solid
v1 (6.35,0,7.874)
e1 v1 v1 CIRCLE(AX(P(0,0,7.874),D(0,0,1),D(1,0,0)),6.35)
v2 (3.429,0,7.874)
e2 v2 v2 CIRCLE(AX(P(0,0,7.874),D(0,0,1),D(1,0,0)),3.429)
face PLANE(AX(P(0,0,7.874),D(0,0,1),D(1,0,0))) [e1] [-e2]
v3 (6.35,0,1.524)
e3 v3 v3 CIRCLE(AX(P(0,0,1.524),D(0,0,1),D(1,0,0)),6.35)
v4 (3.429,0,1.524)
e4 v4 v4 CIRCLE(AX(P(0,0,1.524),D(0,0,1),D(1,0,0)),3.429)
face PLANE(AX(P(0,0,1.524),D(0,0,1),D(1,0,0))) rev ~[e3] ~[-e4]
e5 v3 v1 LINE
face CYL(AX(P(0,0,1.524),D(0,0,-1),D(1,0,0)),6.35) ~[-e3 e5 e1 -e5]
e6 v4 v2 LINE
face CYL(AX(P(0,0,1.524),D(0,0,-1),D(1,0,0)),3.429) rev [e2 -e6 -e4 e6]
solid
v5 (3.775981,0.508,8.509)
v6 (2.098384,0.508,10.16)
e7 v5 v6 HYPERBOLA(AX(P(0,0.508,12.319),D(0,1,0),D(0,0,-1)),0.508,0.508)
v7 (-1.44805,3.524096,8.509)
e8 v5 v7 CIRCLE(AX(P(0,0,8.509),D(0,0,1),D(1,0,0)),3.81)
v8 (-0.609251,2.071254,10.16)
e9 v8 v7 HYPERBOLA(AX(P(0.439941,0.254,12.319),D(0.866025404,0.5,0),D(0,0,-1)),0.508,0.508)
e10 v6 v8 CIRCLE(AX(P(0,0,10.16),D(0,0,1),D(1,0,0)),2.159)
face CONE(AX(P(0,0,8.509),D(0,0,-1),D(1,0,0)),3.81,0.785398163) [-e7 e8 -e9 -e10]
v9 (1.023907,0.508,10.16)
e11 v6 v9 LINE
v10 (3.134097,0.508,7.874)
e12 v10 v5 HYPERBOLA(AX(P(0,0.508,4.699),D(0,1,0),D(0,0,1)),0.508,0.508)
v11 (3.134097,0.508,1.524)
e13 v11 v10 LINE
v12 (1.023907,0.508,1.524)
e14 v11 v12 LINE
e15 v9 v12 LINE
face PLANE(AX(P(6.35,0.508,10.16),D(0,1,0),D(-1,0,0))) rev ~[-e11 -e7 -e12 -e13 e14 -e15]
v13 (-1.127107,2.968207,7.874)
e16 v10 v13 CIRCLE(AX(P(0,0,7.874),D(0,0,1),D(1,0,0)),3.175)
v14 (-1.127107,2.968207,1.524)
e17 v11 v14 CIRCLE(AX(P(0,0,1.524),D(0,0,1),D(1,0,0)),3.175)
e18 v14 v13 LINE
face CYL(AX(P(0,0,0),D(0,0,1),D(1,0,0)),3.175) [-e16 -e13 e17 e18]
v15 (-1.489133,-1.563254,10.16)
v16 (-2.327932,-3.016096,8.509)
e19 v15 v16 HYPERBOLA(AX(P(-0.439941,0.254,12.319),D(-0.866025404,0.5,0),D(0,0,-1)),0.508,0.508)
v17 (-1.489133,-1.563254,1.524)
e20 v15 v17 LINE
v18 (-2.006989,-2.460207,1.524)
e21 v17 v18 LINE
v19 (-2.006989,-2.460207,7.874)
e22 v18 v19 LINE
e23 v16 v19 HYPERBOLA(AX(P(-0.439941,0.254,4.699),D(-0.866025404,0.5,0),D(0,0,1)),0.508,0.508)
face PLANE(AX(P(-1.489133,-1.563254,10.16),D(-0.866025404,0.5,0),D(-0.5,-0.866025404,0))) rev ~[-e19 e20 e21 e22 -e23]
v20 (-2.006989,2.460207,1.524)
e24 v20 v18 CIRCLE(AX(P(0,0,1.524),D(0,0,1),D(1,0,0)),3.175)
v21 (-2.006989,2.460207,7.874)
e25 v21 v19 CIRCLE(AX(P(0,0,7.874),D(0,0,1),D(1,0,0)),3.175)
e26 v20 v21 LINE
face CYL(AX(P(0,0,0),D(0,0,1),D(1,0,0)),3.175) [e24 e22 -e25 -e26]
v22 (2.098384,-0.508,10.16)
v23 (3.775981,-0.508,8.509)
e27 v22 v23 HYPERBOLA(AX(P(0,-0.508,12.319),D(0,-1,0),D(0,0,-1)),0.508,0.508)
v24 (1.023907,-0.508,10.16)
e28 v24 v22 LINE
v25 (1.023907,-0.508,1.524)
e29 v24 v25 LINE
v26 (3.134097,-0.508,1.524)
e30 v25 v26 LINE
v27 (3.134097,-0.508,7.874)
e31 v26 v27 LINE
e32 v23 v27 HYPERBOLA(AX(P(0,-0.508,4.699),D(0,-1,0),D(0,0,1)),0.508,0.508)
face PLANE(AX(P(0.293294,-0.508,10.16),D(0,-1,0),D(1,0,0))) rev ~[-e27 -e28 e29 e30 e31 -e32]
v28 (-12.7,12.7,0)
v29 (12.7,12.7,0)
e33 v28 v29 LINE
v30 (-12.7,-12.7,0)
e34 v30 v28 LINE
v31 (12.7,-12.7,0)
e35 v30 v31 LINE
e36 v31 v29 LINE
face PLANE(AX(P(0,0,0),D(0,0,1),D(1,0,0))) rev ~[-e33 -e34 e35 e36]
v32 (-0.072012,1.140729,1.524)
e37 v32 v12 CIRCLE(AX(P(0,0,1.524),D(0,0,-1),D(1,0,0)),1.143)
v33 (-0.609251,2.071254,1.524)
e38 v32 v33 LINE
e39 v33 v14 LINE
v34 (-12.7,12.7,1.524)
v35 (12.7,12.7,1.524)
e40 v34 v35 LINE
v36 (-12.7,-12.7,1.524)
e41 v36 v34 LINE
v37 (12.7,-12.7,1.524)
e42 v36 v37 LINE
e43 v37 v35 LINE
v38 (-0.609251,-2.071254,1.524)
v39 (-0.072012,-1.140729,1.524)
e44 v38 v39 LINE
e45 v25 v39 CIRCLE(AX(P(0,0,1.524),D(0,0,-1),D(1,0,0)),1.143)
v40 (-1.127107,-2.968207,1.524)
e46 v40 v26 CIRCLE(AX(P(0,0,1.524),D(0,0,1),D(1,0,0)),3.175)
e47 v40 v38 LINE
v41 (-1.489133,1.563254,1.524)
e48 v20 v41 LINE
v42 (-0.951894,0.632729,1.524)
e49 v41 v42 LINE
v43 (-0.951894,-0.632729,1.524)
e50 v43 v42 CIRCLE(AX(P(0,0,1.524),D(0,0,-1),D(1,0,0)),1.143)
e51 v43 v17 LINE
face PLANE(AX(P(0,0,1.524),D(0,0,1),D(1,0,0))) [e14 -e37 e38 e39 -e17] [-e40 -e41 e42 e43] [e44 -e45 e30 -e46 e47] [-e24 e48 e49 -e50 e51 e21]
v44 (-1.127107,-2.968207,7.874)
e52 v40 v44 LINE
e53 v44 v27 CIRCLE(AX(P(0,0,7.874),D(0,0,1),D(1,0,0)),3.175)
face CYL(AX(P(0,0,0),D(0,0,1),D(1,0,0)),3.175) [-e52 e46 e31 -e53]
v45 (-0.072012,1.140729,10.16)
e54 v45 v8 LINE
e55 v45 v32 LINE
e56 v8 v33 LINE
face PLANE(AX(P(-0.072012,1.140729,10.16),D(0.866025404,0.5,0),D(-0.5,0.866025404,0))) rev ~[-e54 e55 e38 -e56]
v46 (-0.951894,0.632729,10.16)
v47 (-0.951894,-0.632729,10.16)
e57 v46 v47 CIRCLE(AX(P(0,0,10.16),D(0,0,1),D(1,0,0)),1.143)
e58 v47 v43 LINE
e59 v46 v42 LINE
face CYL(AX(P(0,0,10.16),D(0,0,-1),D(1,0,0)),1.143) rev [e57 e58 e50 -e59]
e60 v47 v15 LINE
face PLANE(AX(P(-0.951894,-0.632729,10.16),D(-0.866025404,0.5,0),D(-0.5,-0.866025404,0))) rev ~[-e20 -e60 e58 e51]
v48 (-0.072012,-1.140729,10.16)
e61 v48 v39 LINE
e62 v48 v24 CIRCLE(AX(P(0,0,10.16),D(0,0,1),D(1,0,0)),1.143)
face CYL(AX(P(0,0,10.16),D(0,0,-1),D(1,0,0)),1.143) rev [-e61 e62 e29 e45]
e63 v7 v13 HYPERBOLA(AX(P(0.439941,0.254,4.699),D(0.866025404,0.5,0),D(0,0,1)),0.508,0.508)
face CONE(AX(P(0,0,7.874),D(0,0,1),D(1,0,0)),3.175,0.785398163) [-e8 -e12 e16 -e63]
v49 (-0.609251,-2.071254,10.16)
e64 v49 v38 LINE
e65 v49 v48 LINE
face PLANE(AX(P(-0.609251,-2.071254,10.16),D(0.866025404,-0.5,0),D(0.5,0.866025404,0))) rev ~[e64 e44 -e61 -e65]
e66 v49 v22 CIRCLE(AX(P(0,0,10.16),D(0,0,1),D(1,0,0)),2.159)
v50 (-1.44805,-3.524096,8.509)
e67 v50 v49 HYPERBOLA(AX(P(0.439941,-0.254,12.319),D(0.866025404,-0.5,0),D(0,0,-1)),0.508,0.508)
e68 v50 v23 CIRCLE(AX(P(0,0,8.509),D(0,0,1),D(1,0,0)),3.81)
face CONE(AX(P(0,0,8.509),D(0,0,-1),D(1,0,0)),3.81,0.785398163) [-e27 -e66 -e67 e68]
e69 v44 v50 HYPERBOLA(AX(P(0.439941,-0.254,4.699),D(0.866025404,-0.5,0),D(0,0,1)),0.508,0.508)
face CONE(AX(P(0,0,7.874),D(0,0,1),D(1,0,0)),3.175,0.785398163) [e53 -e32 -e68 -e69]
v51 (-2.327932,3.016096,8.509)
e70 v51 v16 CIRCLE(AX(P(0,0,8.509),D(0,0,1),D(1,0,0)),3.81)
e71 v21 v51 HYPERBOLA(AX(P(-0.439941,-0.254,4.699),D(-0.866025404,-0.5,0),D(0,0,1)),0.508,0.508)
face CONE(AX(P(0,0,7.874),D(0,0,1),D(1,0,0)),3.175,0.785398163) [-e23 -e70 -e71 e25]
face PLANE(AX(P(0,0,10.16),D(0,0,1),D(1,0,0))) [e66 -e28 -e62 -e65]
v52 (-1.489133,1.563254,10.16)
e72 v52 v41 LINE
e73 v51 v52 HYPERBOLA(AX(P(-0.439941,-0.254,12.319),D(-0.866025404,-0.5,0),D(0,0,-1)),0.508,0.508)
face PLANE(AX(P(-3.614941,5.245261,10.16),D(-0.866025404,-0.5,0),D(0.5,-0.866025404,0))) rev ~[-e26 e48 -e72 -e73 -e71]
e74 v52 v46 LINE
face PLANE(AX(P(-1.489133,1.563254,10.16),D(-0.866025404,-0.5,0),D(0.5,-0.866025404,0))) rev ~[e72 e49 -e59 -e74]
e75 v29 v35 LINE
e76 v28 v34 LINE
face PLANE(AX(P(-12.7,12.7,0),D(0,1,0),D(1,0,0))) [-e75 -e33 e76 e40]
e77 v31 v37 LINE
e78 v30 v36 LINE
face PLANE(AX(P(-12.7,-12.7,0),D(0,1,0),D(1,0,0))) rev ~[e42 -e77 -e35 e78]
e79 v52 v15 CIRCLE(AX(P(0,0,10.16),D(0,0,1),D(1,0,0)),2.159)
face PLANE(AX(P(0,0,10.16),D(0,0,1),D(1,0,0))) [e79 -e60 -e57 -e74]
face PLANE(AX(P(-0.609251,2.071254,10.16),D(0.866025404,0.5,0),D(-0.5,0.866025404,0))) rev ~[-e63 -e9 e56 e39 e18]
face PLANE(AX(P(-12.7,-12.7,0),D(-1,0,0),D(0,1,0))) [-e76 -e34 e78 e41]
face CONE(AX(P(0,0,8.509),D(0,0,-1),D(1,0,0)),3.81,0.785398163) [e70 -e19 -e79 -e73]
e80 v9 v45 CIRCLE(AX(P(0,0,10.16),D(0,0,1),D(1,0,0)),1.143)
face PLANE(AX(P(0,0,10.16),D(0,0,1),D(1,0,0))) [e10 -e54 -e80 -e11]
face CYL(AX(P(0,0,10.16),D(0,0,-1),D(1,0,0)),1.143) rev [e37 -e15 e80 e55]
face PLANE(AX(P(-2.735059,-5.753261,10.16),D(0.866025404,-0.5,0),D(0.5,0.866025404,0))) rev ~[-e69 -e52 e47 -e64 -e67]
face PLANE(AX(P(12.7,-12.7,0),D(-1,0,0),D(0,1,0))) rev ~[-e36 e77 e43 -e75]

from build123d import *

# Parameters (mm, degrees)
F0_W     = 25.4
F0_H     = 25.4
F1_DEPTH = 1.524
F5_DEPTH = 8.636
F6_R     = 6.35
F6_R_2   = 3.429
F7_DEPTH = 6.35


with BuildPart() as f1:
    # F0 (on Top) → F1 (new body)
    with BuildSketch(Plane.XY):
        Rectangle(F0_W, F0_H)
    extrude(amount=F1_DEPTH)

    # F2 (on Front) → F3 (revolve)
    with BuildSketch(Plane.XZ):
        Polygon((1.143, 10.16), (1.143, 0), (3.175, 0), (3.175, 7.874), (3.81, 8.509), (2.159, 10.16), align=None)
    revolve(axis=Axis((0, 0, 7.7160834335), (0, 0, 1)))

    # F4 (on face) → F5 (cut, through all)
    with BuildSketch(Plane.XY.offset(10.16)):
        with BuildLine():
            ThreePointArc((2.159, 0), (2.1437925358, -0.2558018049), (2.0983843785, -0.508))
            Line((2.0983843785, -0.508), (6.35, -0.508))
            Line((6.35, -0.508), (6.35, 0.508))
            Line((6.35, 0.508), (2.0983843785, 0.508))
            ThreePointArc((2.0983843785, 0.508), (2.1437925358, 0.2558018049), (2.159, 0))
        make_face()
        with BuildLine():
            ThreePointArc((1.143, 0), (1.1128284677, -0.2608865683), (1.023906734, -0.508))
            Line((1.023906734, -0.508), (2.0983843785, -0.508))
            ThreePointArc((2.0983843785, -0.508), (2.1437925358, -0.2558018049), (2.159, 0))
            ThreePointArc((2.159, 0), (2.1437925358, 0.2558018049), (2.0983843785, 0.508))
            Line((2.0983843785, 0.508), (1.023906734, 0.508))
            ThreePointArc((1.023906734, 0.508), (1.1128284677, 0.2608865683), (1.143, 0))
        make_face()
        with BuildLine():
            Line((-0.0720124619, -1.1407292428), (0.2932939367, -0.508))
            Line((0.2932939367, -0.508), (1.023906734, -0.508))
            ThreePointArc((1.023906734, -0.508), (1.1128284677, -0.2608865683), (1.143, 0))
            ThreePointArc((1.143, 0), (1.1128284677, 0.2608865683), (1.023906734, 0.508))
            Line((1.023906734, 0.508), (0.2932939367, 0.508))
            Line((0.2932939367, 0.508), (-0.0720124619, 1.1407292428))
            ThreePointArc((-0.0720124619, 1.1407292428), (-0.5715, 0.9898670365), (-0.9518942721, 0.6327292428))
            Line((-0.9518942721, 0.6327292428), (-0.5865878735, 0))
            Line((-0.5865878735, 0), (-0.9518942721, -0.6327292428))
            ThreePointArc((-0.9518942721, -0.6327292428), (-0.5715, -0.9898670365), (-0.0720124619, -1.1407292428))
        make_face()
        with BuildLine():
            Line((-0.6092512841, -2.0712541787), (-0.0720124619, -1.1407292428))
            ThreePointArc((-0.0720124619, -1.1407292428), (-0.5715, -0.9898670365), (-0.9518942721, -0.6327292428))
            Line((-0.9518942721, -0.6327292428), (-1.4891330944, -1.5632541787))
            ThreePointArc((-1.4891330944, -1.5632541787), (-1.0795, -1.8697488468), (-0.6092512841, -2.0712541787))
        make_face()
        with BuildLine():
            Line((-2.7350590949, -5.753261314), (-0.6092512841, -2.0712541787))
            ThreePointArc((-0.6092512841, -2.0712541787), (-1.0795, -1.8697488468), (-1.4891330944, -1.5632541787))
            Line((-1.4891330944, -1.5632541787), (-3.6149409051, -5.245261314))
            Line((-3.6149409051, -5.245261314), (-2.7350590949, -5.753261314))
        make_face()
        with BuildLine():
            Line((-3.6149409051, 5.245261314), (-1.4891330944, 1.5632541787))
            ThreePointArc((-1.4891330944, 1.5632541787), (-1.0795, 1.8697488468), (-0.6092512841, 2.0712541787))
            Line((-0.6092512841, 2.0712541787), (-2.7350590949, 5.753261314))
            Line((-2.7350590949, 5.753261314), (-3.6149409051, 5.245261314))
        make_face()
        with BuildLine():
            Line((-1.4891330944, 1.5632541787), (-0.9518942721, 0.6327292428))
            ThreePointArc((-0.9518942721, 0.6327292428), (-0.5715, 0.9898670365), (-0.0720124619, 1.1407292428))
            Line((-0.0720124619, 1.1407292428), (-0.6092512841, 2.0712541787))
            ThreePointArc((-0.6092512841, 2.0712541787), (-1.0795, 1.8697488468), (-1.4891330944, 1.5632541787))
        make_face()
    extrude(amount=-F5_DEPTH, mode=Mode.SUBTRACT)


with BuildPart() as f7:
    # F6 (on face) → F7 (new body)
    with BuildSketch(Plane.XY.offset(1.524)):
        Circle(F6_R)
        Circle(F6_R_2, mode=Mode.SUBTRACT)
    extrude(amount=F7_DEPTH)


solid = Compound([f1.part, f7.part])
